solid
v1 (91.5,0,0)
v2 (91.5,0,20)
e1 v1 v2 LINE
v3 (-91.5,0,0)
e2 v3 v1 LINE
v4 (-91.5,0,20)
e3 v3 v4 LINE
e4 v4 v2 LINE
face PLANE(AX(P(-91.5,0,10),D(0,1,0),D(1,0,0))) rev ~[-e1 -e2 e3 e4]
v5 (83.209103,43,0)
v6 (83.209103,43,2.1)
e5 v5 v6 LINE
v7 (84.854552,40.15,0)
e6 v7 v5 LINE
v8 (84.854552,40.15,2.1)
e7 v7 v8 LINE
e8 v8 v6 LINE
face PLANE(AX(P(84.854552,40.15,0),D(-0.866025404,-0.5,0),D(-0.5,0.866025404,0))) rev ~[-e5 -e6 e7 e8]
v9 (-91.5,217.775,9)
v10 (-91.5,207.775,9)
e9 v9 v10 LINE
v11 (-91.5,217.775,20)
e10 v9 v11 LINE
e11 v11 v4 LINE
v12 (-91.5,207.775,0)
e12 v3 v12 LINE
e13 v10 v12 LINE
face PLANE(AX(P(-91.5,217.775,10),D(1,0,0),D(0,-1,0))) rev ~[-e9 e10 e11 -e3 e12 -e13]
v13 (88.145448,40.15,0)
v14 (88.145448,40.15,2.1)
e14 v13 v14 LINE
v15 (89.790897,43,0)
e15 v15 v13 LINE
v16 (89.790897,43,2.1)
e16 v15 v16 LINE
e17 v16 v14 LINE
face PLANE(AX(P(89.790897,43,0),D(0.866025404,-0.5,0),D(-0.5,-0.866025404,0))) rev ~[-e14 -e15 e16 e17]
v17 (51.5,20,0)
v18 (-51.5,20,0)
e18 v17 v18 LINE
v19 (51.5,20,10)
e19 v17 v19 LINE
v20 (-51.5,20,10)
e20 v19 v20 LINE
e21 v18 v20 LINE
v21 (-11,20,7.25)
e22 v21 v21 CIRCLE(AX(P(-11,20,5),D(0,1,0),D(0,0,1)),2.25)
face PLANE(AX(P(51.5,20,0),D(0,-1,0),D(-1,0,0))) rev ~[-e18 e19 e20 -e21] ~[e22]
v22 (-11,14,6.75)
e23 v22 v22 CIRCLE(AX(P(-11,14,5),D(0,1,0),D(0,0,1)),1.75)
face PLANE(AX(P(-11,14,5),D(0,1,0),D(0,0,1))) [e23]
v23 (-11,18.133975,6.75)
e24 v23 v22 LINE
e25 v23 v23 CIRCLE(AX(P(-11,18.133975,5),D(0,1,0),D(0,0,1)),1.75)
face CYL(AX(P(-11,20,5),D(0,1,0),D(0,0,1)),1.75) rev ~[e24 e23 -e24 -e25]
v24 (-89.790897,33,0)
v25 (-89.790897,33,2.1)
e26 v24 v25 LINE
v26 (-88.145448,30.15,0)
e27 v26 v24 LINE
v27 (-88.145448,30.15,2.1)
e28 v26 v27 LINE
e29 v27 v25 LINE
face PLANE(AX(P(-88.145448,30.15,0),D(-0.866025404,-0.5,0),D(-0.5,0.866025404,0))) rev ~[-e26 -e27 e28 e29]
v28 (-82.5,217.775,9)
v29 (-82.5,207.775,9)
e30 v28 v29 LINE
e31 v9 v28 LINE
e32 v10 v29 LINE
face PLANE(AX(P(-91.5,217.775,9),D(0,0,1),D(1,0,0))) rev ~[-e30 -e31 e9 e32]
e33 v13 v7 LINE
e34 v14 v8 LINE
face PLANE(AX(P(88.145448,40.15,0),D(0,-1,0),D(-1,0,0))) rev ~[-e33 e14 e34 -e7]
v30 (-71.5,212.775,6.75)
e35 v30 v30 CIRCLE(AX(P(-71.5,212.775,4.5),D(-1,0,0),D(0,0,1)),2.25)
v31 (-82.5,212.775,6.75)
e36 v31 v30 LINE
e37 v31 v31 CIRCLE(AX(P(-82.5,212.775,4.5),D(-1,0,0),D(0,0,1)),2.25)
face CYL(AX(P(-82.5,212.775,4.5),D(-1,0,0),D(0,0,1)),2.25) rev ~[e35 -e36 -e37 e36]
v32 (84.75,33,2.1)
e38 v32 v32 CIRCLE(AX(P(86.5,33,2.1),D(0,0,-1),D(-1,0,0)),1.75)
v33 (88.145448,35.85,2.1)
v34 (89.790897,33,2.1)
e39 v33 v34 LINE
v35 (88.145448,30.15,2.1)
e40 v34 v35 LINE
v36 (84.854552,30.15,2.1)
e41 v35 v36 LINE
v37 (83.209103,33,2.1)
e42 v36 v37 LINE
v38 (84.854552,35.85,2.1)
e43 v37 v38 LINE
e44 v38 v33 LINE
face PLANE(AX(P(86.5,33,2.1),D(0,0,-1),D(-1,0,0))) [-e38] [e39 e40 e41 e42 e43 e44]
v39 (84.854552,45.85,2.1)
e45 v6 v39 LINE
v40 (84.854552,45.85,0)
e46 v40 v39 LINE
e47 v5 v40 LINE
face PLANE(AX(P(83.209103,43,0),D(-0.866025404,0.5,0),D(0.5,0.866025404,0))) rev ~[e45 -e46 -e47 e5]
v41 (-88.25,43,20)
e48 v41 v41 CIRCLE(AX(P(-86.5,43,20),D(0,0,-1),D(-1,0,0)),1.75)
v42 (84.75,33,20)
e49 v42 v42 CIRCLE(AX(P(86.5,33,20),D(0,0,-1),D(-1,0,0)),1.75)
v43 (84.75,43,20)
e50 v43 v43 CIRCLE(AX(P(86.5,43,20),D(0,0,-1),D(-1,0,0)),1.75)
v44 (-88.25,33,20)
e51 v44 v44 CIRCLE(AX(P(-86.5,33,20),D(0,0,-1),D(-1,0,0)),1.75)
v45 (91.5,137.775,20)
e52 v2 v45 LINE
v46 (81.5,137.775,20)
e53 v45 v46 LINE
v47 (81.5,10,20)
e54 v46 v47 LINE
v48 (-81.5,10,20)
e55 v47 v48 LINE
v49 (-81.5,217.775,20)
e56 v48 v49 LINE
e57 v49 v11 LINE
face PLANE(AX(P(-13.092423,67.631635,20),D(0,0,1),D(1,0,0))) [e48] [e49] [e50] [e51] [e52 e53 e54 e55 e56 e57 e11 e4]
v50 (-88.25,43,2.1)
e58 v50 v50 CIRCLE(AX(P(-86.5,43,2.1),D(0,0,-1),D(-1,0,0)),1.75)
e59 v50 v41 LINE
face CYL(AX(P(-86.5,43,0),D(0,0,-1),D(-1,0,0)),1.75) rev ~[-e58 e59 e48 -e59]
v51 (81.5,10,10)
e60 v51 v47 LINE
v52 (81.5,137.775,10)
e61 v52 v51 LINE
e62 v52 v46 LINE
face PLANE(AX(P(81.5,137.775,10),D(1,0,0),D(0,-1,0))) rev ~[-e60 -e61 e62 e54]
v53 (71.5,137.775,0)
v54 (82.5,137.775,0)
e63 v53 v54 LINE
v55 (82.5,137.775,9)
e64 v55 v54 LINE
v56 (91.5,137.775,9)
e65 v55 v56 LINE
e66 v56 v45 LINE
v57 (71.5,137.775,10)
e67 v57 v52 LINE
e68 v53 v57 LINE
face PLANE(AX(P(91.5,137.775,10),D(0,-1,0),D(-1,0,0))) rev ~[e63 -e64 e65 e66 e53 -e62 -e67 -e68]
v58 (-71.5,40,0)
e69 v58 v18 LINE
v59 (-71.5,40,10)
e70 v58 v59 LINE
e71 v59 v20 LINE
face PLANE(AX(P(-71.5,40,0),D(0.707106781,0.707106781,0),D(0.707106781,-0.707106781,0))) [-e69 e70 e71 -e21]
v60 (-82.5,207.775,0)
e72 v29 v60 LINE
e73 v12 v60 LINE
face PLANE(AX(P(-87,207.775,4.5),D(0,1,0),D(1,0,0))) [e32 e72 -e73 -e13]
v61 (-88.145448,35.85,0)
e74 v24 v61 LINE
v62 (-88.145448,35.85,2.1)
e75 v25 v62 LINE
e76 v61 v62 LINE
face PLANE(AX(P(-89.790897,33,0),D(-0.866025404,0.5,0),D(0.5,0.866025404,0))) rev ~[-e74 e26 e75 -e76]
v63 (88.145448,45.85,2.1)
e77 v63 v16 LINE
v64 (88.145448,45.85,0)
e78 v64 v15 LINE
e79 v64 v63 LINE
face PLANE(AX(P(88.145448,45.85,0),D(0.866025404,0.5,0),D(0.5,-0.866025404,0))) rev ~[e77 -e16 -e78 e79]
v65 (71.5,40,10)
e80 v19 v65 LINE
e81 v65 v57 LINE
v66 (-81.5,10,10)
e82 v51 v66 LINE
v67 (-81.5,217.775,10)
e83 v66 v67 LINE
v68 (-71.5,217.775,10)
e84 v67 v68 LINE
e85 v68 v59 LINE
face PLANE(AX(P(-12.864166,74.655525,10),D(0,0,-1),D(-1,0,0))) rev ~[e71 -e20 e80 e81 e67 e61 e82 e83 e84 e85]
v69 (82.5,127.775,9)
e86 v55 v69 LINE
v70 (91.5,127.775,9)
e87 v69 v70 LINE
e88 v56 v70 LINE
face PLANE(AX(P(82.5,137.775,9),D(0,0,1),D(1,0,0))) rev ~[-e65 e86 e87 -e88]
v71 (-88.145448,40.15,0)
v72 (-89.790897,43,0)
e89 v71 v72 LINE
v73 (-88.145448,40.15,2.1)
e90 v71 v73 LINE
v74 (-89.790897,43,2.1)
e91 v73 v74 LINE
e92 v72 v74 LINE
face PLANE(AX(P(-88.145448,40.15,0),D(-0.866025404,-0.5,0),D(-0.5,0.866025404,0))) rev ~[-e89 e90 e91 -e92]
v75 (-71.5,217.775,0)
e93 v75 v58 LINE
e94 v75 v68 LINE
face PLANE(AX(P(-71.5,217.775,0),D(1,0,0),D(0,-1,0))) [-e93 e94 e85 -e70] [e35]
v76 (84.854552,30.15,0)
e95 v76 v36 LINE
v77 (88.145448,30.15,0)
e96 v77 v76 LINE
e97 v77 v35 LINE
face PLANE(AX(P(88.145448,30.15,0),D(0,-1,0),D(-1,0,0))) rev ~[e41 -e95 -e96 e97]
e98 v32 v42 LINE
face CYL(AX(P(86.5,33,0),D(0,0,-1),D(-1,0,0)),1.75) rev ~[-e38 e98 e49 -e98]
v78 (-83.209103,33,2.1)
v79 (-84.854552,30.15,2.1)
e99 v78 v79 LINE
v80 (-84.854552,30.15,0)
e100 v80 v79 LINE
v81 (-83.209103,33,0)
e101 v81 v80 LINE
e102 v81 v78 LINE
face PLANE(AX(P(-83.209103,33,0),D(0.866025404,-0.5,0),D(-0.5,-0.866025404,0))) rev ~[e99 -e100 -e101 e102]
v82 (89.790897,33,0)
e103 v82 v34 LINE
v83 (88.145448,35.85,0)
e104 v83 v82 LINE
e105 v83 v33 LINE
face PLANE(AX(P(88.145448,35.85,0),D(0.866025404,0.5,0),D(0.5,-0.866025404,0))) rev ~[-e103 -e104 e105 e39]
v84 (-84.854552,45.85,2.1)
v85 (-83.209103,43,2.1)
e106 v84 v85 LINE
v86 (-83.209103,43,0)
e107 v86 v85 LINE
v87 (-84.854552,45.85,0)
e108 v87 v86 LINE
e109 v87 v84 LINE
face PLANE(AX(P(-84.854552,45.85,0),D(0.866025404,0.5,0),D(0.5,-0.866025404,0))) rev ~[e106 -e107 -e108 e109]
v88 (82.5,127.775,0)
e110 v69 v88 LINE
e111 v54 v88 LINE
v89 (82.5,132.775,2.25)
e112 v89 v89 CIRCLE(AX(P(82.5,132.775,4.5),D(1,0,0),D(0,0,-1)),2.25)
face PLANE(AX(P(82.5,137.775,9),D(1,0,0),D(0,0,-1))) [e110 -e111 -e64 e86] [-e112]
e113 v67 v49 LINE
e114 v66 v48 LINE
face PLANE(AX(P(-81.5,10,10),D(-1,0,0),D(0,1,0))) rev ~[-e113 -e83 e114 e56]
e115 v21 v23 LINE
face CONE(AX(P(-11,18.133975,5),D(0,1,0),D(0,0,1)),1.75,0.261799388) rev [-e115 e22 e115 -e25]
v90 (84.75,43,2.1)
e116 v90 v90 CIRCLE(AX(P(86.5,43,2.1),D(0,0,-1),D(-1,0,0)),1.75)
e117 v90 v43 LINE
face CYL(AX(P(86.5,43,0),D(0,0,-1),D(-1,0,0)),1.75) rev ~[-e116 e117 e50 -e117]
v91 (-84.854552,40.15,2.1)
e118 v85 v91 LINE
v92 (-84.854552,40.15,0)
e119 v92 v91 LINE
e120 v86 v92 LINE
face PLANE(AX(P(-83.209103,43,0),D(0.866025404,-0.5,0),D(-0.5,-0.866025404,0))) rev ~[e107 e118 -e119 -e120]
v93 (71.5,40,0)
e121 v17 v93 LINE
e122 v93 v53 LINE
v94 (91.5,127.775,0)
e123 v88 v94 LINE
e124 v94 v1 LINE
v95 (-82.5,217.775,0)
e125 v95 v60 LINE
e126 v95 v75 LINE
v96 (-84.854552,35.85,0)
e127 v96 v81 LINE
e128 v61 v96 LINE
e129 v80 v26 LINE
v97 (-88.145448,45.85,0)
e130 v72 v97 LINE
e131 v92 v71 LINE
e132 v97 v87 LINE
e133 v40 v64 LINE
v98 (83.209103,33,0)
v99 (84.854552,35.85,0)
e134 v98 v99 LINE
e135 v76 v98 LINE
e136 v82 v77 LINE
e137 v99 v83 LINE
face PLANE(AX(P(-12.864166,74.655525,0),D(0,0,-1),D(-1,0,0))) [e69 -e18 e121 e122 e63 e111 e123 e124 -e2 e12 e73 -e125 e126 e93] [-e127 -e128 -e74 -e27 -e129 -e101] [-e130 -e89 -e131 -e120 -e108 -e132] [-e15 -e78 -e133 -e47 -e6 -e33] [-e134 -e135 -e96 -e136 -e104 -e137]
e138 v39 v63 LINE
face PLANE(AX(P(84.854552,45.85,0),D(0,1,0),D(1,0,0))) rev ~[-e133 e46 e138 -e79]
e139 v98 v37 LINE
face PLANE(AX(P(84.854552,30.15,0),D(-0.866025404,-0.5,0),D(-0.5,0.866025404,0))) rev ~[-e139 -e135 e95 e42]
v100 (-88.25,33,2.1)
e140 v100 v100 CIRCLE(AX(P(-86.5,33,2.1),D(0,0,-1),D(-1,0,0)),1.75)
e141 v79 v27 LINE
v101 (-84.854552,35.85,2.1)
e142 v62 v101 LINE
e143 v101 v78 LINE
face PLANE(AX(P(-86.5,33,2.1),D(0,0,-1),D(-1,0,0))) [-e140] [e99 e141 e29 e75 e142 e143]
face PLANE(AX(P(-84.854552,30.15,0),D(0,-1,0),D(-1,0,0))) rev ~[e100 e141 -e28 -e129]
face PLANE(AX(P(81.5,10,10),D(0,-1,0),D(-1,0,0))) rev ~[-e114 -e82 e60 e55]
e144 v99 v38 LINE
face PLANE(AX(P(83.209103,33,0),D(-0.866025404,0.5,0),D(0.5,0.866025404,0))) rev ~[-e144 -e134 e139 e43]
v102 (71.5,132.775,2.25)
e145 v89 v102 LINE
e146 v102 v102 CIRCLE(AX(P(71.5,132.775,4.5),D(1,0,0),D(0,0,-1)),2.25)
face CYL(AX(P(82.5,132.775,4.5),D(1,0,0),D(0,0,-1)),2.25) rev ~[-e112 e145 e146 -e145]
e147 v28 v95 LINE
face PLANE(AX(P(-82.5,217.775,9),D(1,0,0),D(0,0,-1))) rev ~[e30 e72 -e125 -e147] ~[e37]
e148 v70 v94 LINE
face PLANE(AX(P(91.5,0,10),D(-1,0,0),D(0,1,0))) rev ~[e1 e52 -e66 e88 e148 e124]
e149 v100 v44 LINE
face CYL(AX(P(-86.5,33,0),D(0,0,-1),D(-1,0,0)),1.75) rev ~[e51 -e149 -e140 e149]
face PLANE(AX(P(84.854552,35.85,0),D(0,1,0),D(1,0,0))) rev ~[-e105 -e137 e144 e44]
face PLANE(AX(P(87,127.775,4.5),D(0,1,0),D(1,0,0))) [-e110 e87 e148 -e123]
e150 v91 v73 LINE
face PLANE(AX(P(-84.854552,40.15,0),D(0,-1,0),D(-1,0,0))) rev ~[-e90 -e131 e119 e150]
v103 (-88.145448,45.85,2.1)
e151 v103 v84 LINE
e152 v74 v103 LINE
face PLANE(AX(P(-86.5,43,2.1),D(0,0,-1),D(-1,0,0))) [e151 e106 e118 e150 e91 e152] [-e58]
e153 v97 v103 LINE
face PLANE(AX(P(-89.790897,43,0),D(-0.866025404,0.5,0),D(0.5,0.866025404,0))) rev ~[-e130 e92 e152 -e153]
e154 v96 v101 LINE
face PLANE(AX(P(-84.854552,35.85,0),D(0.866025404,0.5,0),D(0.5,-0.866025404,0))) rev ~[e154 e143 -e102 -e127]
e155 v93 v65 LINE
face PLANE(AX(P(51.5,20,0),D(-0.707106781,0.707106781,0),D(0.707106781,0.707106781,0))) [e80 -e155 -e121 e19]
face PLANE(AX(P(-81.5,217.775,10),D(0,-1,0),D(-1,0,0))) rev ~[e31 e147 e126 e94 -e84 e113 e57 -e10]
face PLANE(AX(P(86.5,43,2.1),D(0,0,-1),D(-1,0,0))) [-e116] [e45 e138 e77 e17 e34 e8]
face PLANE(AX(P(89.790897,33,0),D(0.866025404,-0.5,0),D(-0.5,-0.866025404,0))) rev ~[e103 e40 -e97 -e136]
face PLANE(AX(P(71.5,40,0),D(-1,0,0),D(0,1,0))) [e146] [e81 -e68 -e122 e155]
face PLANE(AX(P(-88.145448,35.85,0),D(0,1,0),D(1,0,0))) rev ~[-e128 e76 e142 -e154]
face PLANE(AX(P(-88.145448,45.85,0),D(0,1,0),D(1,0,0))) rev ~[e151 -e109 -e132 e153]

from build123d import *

# Parameters (mm, degrees)
BOSS_EXTRUDE1_DEPTH = 10
BOSS_EXTRUDE2_DEPTH = 10
SKETCH3_W           = 9
SKETCH3_H           = 9
CUT_EXTRUDE2_DEPTH  = 10
SKETCH5_W           = 9
SKETCH5_H           = 9
CUT_EXTRUDE3_DEPTH  = 10
SKETCH6_R           = 2.25
CUT_EXTRUDE4_DEPTH  = 11
SKETCH7_R           = 2.25
CUT_EXTRUDE5_DEPTH  = 11
SKETCH8_R           = 1.75
CUT_EXTRUDE6_DEPTH  = 238.06159669
SKETCH9_R           = 1.75
CUT_EXTRUDE7_DEPTH  = 6
CHAMFER1_SIZE       = 0.5
CHAMFER1_SIZE2      = 1.866025404
CUT_EXTRUDE8_DEPTH  = 2.1


with BuildPart() as part:
    # Sketch1 → Boss-Extrude1 (new body)
    with BuildSketch(Plane.XY):
        Polygon((0, 0), (-91.5, 0), (-91.5, 217.775), (-71.5, 217.775), (-71.5, 40), (-51.5, 20), (0, 20), (51.5, 20), (71.5, 40), (71.5, 137.775), (91.5, 137.775), (91.5, 0), align=None)
    extrude(amount=BOSS_EXTRUDE1_DEPTH)

    # Sketch2 → Boss-Extrude2 (add)
    with BuildSketch(Plane.XY.offset(10)):
        Polygon((-81.5, 217.775), (-91.5, 217.775), (-91.5, 0), (91.5, 0), (91.5, 137.775), (81.5, 137.775), (81.5, 10), (-81.5, 10), align=None)
    extrude(amount=BOSS_EXTRUDE2_DEPTH)

    # Sketch3 → Cut-Extrude2 (cut)
    with BuildSketch(Plane(origin=(0, 217.775, 0), x_dir=(1, 0, 0), z_dir=(0, 1, 0))):
        with Locations((-87, -4.5)):
            Rectangle(SKETCH3_W, SKETCH3_H)
    extrude(amount=-CUT_EXTRUDE2_DEPTH, mode=Mode.SUBTRACT)

    # Sketch5 → Cut-Extrude3 (cut)
    with BuildSketch(Plane(origin=(0, 137.775, 0), x_dir=(1, 0, 0), z_dir=(0, 1, 0))):
        with Locations((87, -4.5)):
            Rectangle(SKETCH5_W, SKETCH5_H)
    extrude(amount=-CUT_EXTRUDE3_DEPTH, mode=Mode.SUBTRACT)

    # Sketch6 → Cut-Extrude4 (cut)
    with BuildSketch(Plane.ZY.offset(82.5)):
        with Locations((4.5, 212.775)):
            Circle(SKETCH6_R)
    extrude(amount=-CUT_EXTRUDE4_DEPTH, mode=Mode.SUBTRACT)

    # Sketch7 → Cut-Extrude5 (cut)
    with BuildSketch(Plane(origin=(82.5, 0, 0), x_dir=(0, 0, -1), z_dir=(1, 0, 0))):
        with Locations((-4.5, 132.775)):
            Circle(SKETCH7_R)
    extrude(amount=-CUT_EXTRUDE5_DEPTH, mode=Mode.SUBTRACT)

    # Sketch8 → Cut-Extrude6 (cut, through all)
    with BuildSketch(Plane(origin=(0, 0, 0), x_dir=(-1, 0, 0), z_dir=(0, 0, -1))):
        with Locations((86.5, 33)):
            Circle(SKETCH8_R)
        with Locations((-86.5, 33)):
            Circle(SKETCH8_R)
        with Locations((-86.5, 43)):
            Circle(SKETCH8_R)
        with Locations((86.5, 43)):
            Circle(SKETCH8_R)
    extrude(amount=-CUT_EXTRUDE6_DEPTH, mode=Mode.SUBTRACT)

    # Sketch9 → Cut-Extrude7 (cut)
    with BuildSketch(Plane(origin=(0, 20, 0), x_dir=(1, 0, 0), z_dir=(0, 1, 0))):
        with Locations(Location((-11, -5, 0), (0, 0, 270))):
            Circle(SKETCH9_R)
    extrude(amount=-CUT_EXTRUDE7_DEPTH, mode=Mode.SUBTRACT)

    # Chamfer1
    chamfer1_edges = [part.edges().sort_by_distance(p)[0] for p in [
        (-11, 20, 3.25),
    ]]
    chamfer1_side = [part.faces().sort_by_distance(p)[0] for p in [
        (0.103718732, 20, 5),
    ]]
    chamfer(chamfer1_edges, length=CHAMFER1_SIZE, length2=CHAMFER1_SIZE2, reference=chamfer1_side[0])

    # Sketch10 → Cut-Extrude8 (cut)
    with BuildSketch(Plane(origin=(0, 0, 0), x_dir=(-1, 0, 0), z_dir=(0, 0, -1))):
        Polygon((-84.854551733, 30.15), (-83.209103466, 33), (-84.854551733, 35.85), (-88.145448267, 35.85), (-89.790896534, 33), (-88.145448267, 30.15), align=None)
        Polygon((88.145448267, 30.15), (89.790896534, 33), (88.145448267, 35.85), (84.854551733, 35.85), (83.209103466, 33), (84.854551733, 30.15), align=None)
        Polygon((-84.854551733, 40.15), (-83.209103466, 43), (-84.854551733, 45.85), (-88.145448267, 45.85), (-89.790896534, 43), (-88.145448267, 40.15), align=None)
        Polygon((88.145448267, 40.15), (89.790896534, 43), (88.145448267, 45.85), (84.854551733, 45.85), (83.209103466, 43), (84.854551733, 40.15), align=None)
    extrude(amount=-CUT_EXTRUDE8_DEPTH, mode=Mode.SUBTRACT)


solid = part.part
